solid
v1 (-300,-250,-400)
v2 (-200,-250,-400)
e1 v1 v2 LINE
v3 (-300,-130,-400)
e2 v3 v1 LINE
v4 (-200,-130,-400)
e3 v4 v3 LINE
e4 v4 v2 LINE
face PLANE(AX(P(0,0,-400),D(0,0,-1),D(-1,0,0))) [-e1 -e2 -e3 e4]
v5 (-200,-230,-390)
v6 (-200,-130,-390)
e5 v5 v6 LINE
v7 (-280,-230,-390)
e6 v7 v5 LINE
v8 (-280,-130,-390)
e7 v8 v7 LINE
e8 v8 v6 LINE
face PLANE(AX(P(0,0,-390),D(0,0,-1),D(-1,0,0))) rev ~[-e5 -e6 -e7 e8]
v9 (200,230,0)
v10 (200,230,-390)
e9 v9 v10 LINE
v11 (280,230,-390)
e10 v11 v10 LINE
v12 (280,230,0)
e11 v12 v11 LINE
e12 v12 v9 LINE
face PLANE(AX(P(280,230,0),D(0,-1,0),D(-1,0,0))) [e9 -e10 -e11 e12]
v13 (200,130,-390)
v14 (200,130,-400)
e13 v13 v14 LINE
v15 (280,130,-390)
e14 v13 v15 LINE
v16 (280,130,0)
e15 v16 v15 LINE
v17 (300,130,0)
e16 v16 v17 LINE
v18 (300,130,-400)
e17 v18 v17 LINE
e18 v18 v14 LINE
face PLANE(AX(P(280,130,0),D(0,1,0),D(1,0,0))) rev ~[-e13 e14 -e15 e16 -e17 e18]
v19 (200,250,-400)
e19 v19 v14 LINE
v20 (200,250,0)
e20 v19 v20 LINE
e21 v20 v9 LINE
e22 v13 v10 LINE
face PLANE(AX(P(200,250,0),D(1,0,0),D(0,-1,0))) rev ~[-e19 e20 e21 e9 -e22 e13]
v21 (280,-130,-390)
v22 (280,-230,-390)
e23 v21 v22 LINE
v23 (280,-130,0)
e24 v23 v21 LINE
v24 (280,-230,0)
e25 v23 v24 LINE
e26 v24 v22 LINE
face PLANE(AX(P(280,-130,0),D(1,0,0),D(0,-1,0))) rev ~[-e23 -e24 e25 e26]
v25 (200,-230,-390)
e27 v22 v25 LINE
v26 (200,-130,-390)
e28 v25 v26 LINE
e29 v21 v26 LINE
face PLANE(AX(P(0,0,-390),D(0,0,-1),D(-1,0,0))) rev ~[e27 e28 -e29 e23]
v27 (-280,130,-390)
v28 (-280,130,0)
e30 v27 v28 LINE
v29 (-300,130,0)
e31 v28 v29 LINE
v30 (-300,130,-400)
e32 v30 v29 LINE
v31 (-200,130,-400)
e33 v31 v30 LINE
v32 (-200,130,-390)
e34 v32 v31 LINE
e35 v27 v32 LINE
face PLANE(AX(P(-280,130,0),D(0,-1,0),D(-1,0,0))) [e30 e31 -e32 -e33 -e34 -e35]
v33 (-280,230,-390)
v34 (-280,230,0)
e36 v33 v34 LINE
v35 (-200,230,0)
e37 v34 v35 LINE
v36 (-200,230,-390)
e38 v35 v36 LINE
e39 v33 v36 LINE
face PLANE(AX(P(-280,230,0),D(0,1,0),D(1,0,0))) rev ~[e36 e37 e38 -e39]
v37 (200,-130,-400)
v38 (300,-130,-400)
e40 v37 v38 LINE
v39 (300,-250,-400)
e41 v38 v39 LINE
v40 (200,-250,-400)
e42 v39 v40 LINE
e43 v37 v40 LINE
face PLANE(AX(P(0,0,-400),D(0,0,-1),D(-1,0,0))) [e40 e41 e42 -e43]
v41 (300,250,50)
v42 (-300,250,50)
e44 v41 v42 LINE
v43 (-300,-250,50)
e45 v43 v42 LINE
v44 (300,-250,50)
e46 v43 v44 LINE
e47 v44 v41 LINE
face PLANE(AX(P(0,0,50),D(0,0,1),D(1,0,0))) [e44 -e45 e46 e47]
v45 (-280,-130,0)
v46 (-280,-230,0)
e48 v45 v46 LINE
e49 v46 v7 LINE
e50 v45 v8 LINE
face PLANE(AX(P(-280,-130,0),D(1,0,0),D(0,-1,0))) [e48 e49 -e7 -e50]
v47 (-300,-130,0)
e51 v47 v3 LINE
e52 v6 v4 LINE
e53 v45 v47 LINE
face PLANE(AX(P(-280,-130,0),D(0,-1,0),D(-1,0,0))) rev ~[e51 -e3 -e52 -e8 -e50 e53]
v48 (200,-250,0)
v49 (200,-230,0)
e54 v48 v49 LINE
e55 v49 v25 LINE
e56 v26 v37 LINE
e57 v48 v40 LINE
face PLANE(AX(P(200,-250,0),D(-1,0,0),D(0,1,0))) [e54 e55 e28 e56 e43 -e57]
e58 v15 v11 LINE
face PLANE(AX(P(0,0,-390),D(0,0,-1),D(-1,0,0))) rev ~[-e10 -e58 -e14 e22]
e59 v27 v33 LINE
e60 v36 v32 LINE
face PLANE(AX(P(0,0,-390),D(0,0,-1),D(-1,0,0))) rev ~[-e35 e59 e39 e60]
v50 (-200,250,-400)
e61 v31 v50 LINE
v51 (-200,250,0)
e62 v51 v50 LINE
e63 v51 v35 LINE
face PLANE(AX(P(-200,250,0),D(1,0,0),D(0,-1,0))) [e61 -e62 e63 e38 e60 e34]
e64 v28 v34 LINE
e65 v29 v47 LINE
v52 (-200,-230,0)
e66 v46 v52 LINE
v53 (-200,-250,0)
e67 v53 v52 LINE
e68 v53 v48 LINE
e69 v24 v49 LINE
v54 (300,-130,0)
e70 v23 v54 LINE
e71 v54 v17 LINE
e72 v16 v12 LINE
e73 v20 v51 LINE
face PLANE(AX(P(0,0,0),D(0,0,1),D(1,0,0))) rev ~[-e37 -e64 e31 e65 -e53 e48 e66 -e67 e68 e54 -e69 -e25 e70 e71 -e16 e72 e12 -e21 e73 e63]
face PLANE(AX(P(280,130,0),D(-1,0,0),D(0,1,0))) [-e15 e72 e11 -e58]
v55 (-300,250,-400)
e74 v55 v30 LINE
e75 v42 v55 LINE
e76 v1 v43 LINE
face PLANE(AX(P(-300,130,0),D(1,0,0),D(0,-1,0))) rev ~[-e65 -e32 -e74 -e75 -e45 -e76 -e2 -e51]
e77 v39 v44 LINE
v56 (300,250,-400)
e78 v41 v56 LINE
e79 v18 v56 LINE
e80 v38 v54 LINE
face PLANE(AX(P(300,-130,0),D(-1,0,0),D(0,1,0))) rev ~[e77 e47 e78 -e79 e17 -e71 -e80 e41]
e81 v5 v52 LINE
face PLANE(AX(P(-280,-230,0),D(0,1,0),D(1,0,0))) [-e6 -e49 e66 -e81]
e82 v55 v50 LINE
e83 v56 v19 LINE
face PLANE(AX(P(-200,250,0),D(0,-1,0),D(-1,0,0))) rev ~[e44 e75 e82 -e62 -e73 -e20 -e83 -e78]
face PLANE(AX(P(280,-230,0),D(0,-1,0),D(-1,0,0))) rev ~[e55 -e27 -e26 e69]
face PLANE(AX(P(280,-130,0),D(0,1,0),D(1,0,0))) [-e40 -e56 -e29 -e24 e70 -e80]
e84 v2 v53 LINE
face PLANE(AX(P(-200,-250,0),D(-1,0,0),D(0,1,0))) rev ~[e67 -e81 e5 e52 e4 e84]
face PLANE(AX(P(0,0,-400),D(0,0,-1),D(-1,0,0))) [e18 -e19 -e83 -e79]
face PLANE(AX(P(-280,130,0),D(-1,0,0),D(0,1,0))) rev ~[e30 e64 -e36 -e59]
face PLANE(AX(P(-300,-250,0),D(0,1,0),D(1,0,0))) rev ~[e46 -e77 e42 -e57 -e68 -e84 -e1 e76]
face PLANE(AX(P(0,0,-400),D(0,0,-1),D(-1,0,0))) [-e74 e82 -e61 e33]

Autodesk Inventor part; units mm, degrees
ref_plane "YZ Plane" through (0, 0, 0) normal (1, 0, 0) x (0, 1, 0)
ref_plane "XZ Plane" through (0, 0, 0) normal (0, 1, 0) x (-1, 0, 0)
ref_plane "XY Plane" through (0, 0, 0) normal (0, 0, 1) x (1, 0, 0)
sketch "Boceto1" plane through (0, 0, 0) normal (0, 0, 1) x (1, 0, 0)
  line L0 (-300, -250) -> (300, -250)
  line L1 (300, -250) -> (300, 250)
  line L2 (300, 250) -> (-300, 250)
  line L3 (-300, 250) -> (-300, -250)
  line L4 (-300, -250) -> (300, 250) construction
  line L5 (300, -250) -> (-300, 250) construction
  line L6 (-300, 250) -> (-200, 250)
  line L7 (-200, 250) -> (-200, 230)
  line L8 (-280, 130) -> (-300, 130)
  line L9 (-300, 130) -> (-300, 250)
  line L10 (-300, 130) -> (-280, 130)
  line L11 (-280, 130) -> (-280, 230)
  line L12 (-280, 230) -> (-200, 230)
  line L13 (0, 0) -> (0, 50)
  line L14 (0, 0) -> (-60, 0)
  line L15 (-300, 250) -> (300, 250)
  line L16 (300, 250) -> (300, -250)
  line L17 (-300, -250) -> (300, 250) construction
  line L18 (300, 250) -> (200, 250)
  line L19 (200, 250) -> (200, 230)
  line L20 (300, 130) -> (300, 250)
  line L21 (280, 130) -> (280, 230)
  line L22 (280, 230) -> (200, 230)
  line L23 (280, 130) -> (300, 130)
  line L24 (300, -250) -> (-300, -250)
  line L25 (-300, -250) -> (-300, 250)
  line L26 (300, 250) -> (-300, -250) construction
  line L27 (-300, -250) -> (-200, -250)
  line L28 (-200, -250) -> (-200, -230)
  line L29 (-280, -130) -> (-300, -130)
  line L30 (-300, -130) -> (-300, -250)
  line L31 (-300, -130) -> (-280, -130)
  line L32 (-280, -130) -> (-280, -230)
  line L33 (-280, -230) -> (-200, -230)
  line L34 (-300, -250) -> (300, -250)
  line L35 (300, -250) -> (200, -250)
  line L36 (200, -250) -> (200, -230)
  line L37 (300, -130) -> (300, -250)
  line L38 (280, -130) -> (280, -230)
  line L39 (280, -230) -> (200, -230)
  line L40 (280, -130) -> (300, -130)
  point P0 (-300, 130)
  point P1 (-300, -130)
  point P2 (-200, -250)
  point P3 (200, -250)
  point P4 (300, -130)
  point P5 (300, 130)
  point P6 (200, 250)
  point P7 (-200, 250)
  dimension "d0" = 600
  dimension "d1" = 500
  dimension "d4" = 20
  dimension "d5" = 100
  dimension "d6" = 60
  dimension "d13" = 20
extrude "Extrusión1" add sketch "Boceto1" along normal blind 50 contours L28 L33 L32 L29 L3 L8 L11 L12 L7 L2 L19 L22 L21 L23 L1 L40 L38 L39 L36 L0
extrude "Extrusión2" add sketch "Boceto1" along normal blind 50 and the other way blind 390 contours L3 L29 L32 L33 L28 L0 | L36 L39 L38 L40 L1 L0 | L3 L2 L7 L12 L11 L8 | L23 L21 L22 L19 L2 L1
sketch "Boceto2" plane through (0, 0, -390) normal (0, 0, -1) x (-1, 0, 0)
  line L0 (280, 230) -> (280, 130) projected
  line L1 (200, 230) -> (280, 230) projected
  line L2 (200, 250) -> (200, 230) projected
  line L3 (-200, 250) -> (200, 250) projected
  line L4 (-200, 230) -> (-200, 250) projected
  line L5 (-280, 230) -> (-200, 230) projected
  line L6 (-280, 130) -> (-280, 230) projected
  line L7 (-300, 130) -> (-280, 130) projected
  line L8 (-300, -130) -> (-300, 130) projected
  line L9 (-280, -130) -> (-300, -130) projected
  line L10 (-280, -230) -> (-280, -130) projected
  line L11 (-200, -230) -> (-280, -230) projected
  line L12 (-200, -250) -> (-200, -230) projected
  line L13 (200, -250) -> (-200, -250) projected
  line L14 (200, -230) -> (200, -250) projected
  line L15 (280, -230) -> (200, -230) projected
  line L16 (280, -130) -> (280, -230) projected
  line L17 (300, -130) -> (280, -130) projected
  line L18 (300, 130) -> (300, -130) projected
  line L19 (280, 130) -> (300, 130) projected
  line L20 (300, 250) -> (300, -250) projected
  line L21 (300, -250) -> (200, -250)
  line L22 (200, -250) -> (200, -130)
  line L23 (200, -130) -> (300, -130)
  line L24 (300, -130) -> (300, -250)
  line L25 (-300, 250) -> (-200, 250)
  line L26 (-200, 250) -> (-200, 130)
  line L27 (-200, 130) -> (-300, 130)
  line L28 (-300, 130) -> (-300, 250)
  line L29 (300, 250) -> (200, 250)
  line L30 (200, 250) -> (200, 130)
  line L31 (200, 130) -> (300, 130)
  line L32 (300, 130) -> (300, 250)
  line L33 (-300, -250) -> (-200, -250)
  line L34 (-200, -250) -> (-200, -130)
  line L35 (-200, -130) -> (-300, -130)
  line L36 (-300, -130) -> (-300, -250)
  point P0 (0, 0)
extrude "Extrusión3" add sketch "Boceto2" along normal blind 10 contours L1 L2 L29 L20 L19 L0 | L0 L31 L30 L1 | L20 L21 L14 L15 L16 L17 | L4 L5 L6 L7 L28 L25 | L16 L15 L22 L23 | L26 L27 L6 L5 | L33 L36 L9 L10 L11 L12 | L11 L10 L35 L34
properties part number "MESA_TALADRADO"
